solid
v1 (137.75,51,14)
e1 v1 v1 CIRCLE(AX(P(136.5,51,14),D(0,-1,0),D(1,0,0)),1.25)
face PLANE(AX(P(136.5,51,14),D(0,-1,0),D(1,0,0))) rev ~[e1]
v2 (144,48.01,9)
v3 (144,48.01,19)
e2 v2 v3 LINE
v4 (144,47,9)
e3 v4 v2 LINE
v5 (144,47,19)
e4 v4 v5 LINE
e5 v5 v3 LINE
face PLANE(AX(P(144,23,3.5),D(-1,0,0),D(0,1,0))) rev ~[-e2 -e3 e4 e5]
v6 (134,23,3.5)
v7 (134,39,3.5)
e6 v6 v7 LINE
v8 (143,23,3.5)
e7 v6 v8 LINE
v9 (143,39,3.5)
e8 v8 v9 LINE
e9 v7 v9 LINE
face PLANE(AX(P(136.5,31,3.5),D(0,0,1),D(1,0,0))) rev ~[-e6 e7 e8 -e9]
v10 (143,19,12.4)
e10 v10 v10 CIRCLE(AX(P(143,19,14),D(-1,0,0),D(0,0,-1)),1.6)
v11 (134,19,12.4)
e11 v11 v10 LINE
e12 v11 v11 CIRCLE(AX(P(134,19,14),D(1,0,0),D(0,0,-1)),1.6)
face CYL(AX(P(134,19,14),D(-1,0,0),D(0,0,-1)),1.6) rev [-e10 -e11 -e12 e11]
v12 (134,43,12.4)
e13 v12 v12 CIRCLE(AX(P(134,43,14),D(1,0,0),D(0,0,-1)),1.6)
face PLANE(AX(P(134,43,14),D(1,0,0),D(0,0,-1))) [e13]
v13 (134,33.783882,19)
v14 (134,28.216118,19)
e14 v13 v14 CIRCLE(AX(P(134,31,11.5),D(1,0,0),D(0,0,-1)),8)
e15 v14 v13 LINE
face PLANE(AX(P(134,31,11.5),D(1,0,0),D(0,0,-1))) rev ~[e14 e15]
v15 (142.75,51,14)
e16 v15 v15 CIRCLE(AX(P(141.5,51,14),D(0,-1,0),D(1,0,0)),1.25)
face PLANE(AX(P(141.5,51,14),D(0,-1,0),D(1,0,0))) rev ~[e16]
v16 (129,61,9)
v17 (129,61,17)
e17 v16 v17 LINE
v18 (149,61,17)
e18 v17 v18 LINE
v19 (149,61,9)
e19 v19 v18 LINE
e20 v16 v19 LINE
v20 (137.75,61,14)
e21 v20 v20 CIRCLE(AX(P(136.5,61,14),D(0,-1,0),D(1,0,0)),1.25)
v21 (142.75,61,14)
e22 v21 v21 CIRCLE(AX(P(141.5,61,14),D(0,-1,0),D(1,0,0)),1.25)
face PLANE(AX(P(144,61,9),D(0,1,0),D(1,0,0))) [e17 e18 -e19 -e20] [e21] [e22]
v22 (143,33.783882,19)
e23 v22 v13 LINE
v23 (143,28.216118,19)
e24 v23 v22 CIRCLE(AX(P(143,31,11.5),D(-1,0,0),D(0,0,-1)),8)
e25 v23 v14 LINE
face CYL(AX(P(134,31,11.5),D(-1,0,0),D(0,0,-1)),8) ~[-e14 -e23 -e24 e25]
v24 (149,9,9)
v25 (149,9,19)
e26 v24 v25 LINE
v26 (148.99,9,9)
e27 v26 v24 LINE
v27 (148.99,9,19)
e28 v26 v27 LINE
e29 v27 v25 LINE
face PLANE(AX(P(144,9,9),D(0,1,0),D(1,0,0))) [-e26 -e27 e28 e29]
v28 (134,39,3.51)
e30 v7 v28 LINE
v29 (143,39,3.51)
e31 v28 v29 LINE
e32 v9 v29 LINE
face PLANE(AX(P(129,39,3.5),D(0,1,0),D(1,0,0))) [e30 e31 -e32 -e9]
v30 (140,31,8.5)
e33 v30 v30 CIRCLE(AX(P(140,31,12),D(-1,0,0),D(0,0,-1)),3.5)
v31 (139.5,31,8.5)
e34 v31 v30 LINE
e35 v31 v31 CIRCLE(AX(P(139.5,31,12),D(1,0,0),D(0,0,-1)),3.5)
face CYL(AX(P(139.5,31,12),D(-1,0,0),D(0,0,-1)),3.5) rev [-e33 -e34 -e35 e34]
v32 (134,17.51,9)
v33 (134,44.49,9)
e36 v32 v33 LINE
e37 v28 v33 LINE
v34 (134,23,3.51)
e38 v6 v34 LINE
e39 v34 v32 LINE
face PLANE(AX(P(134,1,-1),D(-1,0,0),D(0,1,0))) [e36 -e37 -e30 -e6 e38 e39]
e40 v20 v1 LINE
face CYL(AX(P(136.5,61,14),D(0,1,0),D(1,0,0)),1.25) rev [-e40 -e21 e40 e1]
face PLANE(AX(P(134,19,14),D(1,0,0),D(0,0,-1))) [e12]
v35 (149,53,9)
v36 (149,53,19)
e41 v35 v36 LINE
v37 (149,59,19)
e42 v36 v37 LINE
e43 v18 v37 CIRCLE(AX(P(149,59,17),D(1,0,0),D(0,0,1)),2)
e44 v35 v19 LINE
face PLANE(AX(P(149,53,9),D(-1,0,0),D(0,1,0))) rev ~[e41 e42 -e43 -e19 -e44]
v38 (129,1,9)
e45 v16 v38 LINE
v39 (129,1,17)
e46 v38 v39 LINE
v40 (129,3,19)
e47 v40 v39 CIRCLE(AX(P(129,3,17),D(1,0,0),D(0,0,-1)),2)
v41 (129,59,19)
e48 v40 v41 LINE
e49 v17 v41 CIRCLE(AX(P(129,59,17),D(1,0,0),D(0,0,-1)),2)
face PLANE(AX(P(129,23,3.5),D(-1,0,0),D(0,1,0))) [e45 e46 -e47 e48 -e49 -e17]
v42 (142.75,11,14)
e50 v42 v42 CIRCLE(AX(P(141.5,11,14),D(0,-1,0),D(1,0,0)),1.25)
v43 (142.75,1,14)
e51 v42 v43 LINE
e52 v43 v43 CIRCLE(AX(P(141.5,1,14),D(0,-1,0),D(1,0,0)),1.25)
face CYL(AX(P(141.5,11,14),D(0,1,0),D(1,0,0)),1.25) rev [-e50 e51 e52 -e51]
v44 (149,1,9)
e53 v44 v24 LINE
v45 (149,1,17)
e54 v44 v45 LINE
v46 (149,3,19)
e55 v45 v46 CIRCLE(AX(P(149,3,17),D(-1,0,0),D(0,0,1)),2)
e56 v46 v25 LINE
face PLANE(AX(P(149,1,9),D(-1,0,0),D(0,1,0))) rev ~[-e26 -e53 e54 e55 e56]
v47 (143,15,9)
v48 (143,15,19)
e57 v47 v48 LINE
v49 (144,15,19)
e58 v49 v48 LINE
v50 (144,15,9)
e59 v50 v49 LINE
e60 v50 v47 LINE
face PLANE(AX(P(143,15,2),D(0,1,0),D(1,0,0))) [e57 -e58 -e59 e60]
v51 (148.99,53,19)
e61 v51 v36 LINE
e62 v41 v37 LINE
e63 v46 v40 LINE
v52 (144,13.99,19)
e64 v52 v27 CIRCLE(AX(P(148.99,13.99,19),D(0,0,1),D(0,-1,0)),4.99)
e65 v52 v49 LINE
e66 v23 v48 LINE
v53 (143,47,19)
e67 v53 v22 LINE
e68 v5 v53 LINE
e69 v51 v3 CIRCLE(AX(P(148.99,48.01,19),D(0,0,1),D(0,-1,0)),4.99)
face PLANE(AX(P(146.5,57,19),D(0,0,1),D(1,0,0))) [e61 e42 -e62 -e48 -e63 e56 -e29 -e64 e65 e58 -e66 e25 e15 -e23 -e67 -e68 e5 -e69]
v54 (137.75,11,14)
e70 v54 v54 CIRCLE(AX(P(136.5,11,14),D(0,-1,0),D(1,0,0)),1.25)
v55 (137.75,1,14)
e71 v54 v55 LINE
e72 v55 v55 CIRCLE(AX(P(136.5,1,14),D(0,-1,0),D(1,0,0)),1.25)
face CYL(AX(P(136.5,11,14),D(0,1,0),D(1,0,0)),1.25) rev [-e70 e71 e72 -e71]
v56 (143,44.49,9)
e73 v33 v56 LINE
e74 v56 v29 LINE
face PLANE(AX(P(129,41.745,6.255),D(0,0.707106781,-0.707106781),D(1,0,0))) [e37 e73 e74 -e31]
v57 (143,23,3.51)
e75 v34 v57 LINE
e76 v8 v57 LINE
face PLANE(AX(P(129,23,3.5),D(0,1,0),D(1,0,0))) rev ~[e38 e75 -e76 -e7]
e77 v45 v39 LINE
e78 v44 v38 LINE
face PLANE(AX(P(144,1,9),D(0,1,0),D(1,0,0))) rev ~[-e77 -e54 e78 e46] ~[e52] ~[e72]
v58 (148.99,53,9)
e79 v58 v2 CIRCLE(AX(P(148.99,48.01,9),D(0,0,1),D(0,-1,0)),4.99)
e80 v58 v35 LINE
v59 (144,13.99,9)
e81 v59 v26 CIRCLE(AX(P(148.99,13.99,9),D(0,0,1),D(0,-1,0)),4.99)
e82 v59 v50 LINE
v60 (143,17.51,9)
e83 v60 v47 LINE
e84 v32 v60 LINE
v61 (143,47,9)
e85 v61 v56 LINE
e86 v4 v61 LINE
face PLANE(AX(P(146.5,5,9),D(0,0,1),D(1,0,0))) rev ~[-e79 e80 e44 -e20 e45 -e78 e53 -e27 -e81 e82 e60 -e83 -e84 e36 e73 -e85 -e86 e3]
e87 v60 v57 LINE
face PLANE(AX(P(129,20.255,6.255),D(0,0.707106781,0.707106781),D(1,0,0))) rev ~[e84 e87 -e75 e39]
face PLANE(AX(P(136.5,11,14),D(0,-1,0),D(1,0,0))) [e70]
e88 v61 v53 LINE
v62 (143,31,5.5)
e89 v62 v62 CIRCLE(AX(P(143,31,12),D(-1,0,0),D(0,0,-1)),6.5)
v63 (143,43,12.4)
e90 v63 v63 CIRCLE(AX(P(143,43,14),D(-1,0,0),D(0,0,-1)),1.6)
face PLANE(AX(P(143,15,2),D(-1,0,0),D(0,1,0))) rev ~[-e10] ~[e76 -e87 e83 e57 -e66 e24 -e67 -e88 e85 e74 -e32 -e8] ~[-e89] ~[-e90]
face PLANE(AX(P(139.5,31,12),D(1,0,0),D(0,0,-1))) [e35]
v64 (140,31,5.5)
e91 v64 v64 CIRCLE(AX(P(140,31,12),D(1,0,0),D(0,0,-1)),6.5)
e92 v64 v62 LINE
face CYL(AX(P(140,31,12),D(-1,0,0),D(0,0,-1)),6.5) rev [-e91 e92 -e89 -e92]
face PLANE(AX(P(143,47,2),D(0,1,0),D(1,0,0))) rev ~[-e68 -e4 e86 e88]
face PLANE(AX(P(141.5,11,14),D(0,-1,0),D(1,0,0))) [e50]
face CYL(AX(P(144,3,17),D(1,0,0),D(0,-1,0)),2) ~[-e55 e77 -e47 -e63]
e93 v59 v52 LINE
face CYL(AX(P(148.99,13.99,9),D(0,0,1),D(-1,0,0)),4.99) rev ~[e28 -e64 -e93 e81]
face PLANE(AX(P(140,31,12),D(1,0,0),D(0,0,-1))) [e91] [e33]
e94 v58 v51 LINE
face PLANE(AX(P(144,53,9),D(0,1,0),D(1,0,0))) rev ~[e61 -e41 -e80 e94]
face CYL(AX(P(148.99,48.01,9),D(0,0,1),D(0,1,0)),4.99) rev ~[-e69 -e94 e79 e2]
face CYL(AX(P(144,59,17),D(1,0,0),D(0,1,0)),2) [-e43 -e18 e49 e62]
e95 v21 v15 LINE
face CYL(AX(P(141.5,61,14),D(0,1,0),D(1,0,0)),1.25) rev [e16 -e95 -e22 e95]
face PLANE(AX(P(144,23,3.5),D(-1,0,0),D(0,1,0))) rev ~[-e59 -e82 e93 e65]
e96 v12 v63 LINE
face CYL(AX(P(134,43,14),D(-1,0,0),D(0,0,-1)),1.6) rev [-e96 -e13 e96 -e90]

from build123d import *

# Parameters (mm, degrees)
BOX035_W          = 5
BOX035_H          = 60
BOX035_DEPTH      = 10
BOX033_W          = 5
BOX033_H          = 8
BOX033_DEPTH      = 10
FILLET011_R       = 2
BOX034_W          = 5
BOX034_H          = 8
BOX034_DEPTH      = 10
FILLET012_R       = 2
BOX030_W          = 1
BOX030_H          = 32
BOX030_DEPTH      = 22
CYLINDER072_R     = 1.6
CYLINDER072_DEPTH = 10
CYLINDER071_R     = 1.6
CYLINDER071_DEPTH = 10
CYLINDER062_R     = 1.25
CYLINDER062_DEPTH = 10
CYLINDER060_R     = 1.25
CYLINDER060_DEPTH = 10
CYLINDER061_R     = 1.25
CYLINDER061_DEPTH = 10
CYLINDER059_R     = 1.25
CYLINDER059_DEPTH = 10
CYLINDER047_R     = 3.5
CYLINDER047_DEPTH = 4
CYLINDER045_R     = 6.5
CYLINDER045_DEPTH = 4
BOX031_W          = 15
BOX031_H          = 16
BOX031_DEPTH      = 5.5
CYLINDER046_R     = 8
CYLINDER046_DEPTH = 10
BOX021_W          = 10
BOX021_H          = 60
BOX021_DEPTH      = 10
BOX032_W          = 5
BOX032_H          = 60
BOX032_DEPTH      = 10
FILLET010_R       = 2
CHAMFER002_SIZE   = 5.49
FILLET013_R       = 4.99


with BuildPart() as cube014:
    # Box035 → Box035 (new body)
    with BuildSketch(Plane(origin=(75, 1, -1), x_dir=(1, 0, 0), z_dir=(0, 0, 1))):
        with Locations((2.5, 30)):
            Rectangle(BOX035_W, BOX035_H)
    extrude(amount=BOX035_DEPTH)


with BuildPart() as fillet011:
    # Box033 → Box033 (new body)
    with BuildSketch(Plane(origin=(90, 1, 9), x_dir=(1, 0, 0), z_dir=(0, 0, 1))):
        with Locations((2.5, 4)):
            Rectangle(BOX033_W, BOX033_H)
    extrude(amount=BOX033_DEPTH)

    # Fillet011
    fillet011_edges = [fillet011.edges().sort_by_distance(p)[0] for p in [
        (92.5, 1, 19),
    ]]
    fillet(fillet011_edges, radius=FILLET011_R)


with BuildPart() as fillet012:
    # Box034 → Box034 (new body)
    with BuildSketch(Plane(origin=(90, 53, 9), x_dir=(1, 0, 0), z_dir=(0, 0, 1))):
        with Locations((2.5, 4)):
            Rectangle(BOX034_W, BOX034_H)
    extrude(amount=BOX034_DEPTH)

    # Fillet012
    fillet012_edges = [fillet012.edges().sort_by_distance(p)[0] for p in [
        (92.5, 61, 19),
    ]]
    fillet(fillet012_edges, radius=FILLET012_R)


with BuildPart() as cube009:
    # Box030 → Box030 (new body)
    with BuildSketch(Plane(origin=(89, 15, 2), x_dir=(1, 0, 0), z_dir=(0, 0, 1))):
        with Locations((0.5, 16)):
            Rectangle(BOX030_W, BOX030_H)
    extrude(amount=BOX030_DEPTH)


with BuildPart() as cylinder072:
    # Cylinder072 → Cylinder072 (new body)
    with BuildSketch(Plane(origin=(80, 43, 14), x_dir=(0, 0, -1), z_dir=(1, 0, 0))):
        Circle(CYLINDER072_R)
    extrude(amount=CYLINDER072_DEPTH)


with BuildPart() as fusion068:
    # Cylinder071 → Cylinder071 (new body)
    with BuildSketch(Plane(origin=(80, 19, 14), x_dir=(0, 0, -1), z_dir=(1, 0, 0))):
        Circle(CYLINDER071_R)
    extrude(amount=CYLINDER071_DEPTH)

    # Fusion068: union Cylinder072
    add(cylinder072.part)


with BuildPart() as cylinder062:
    # Cylinder062 → Cylinder062 (new body)
    with BuildSketch(Plane(origin=(87.5, 61, 14), x_dir=(1, 0, 0), z_dir=(0, -1, 0))):
        Circle(CYLINDER062_R)
    extrude(amount=CYLINDER062_DEPTH)


with BuildPart() as fusion046:
    # Cylinder060 → Cylinder060 (new body)
    with BuildSketch(Plane(origin=(87.5, 11, 14), x_dir=(1, 0, 0), z_dir=(0, -1, 0))):
        Circle(CYLINDER060_R)
    extrude(amount=CYLINDER060_DEPTH)

    # Fusion046: union Cylinder062
    add(cylinder062.part)


with BuildPart() as cylinder061:
    # Cylinder061 → Cylinder061 (new body)
    with BuildSketch(Plane(origin=(82.5, 61, 14), x_dir=(1, 0, 0), z_dir=(0, -1, 0))):
        Circle(CYLINDER061_R)
    extrude(amount=CYLINDER061_DEPTH)


with BuildPart() as fusion048:
    # Cylinder059 → Cylinder059 (new body)
    with BuildSketch(Plane(origin=(82.5, 11, 14), x_dir=(1, 0, 0), z_dir=(0, -1, 0))):
        Circle(CYLINDER059_R)
    extrude(amount=CYLINDER059_DEPTH)

    # Fusion045: union Cylinder061
    add(cylinder061.part)

    # Fusion048: union Fusion046
    add(fusion046.part)


with BuildPart() as cylinder047:
    # Cylinder047 → Cylinder047 (new body)
    with BuildSketch(Plane(origin=(89.5, 31, 10), x_dir=(0, 0, -1), z_dir=(1, 0, 0))):
        Circle(CYLINDER047_R)
    extrude(amount=CYLINDER047_DEPTH)


with BuildPart() as fusion037:
    # Cylinder045 → Cylinder045 (new body)
    with BuildSketch(Plane(origin=(90, 31, 10), x_dir=(0, 0, -1), z_dir=(1, 0, 0))):
        Circle(CYLINDER045_R)
    extrude(amount=CYLINDER045_DEPTH)

    # Fusion037: union Cylinder047
    add(cylinder047.part)


with BuildPart() as fusion037_1:
    # Fusion037 placement: moved
    add(fusion037.part.moved(Location((-4, 0, 2))))


with BuildPart() as cube010:
    # Box031 → Box031 (new body)
    with BuildSketch(Plane(origin=(75, 23, 3.5), x_dir=(1, 0, 0), z_dir=(0, 0, 1))):
        with Locations((7.5, 8)):
            Rectangle(BOX031_W, BOX031_H)
    extrude(amount=BOX031_DEPTH)


with BuildPart() as cylinder046:
    # Cylinder046 → Cylinder046 (new body)
    with BuildSketch(Plane(origin=(80, 31, 11.5), x_dir=(0, 0, -1), z_dir=(1, 0, 0))):
        Circle(CYLINDER046_R)
    extrude(amount=CYLINDER046_DEPTH)


with BuildPart() as fusion038:
    # Box021 → Box021 (new body)
    with BuildSketch(Plane(origin=(80, 1, 9), x_dir=(1, 0, 0), z_dir=(0, 0, 1))):
        with Locations((5, 30)):
            Rectangle(BOX021_W, BOX021_H)
    extrude(amount=BOX021_DEPTH)

    # Fusion038: union Cylinder046
    add(cylinder046.part)


with BuildPart() as front_threaded_bar_support:
    # Box032 → Box032 (new body)
    with BuildSketch(Plane(origin=(75, 1, 9), x_dir=(1, 0, 0), z_dir=(0, 0, 1))):
        with Locations((2.5, 30)):
            Rectangle(BOX032_W, BOX032_H)
    extrude(amount=BOX032_DEPTH)

    # Fusion069: union Cube010, Fusion038
    add(cube010.part)
    add(fusion038.part)

    # Cut037: cut Fusion037
    add(fusion037_1.part, mode=Mode.SUBTRACT)

    # Cut038: cut Fusion048
    add(fusion048.part, mode=Mode.SUBTRACT)

    # Cut039: cut Fusion068
    add(fusion068.part, mode=Mode.SUBTRACT)

    # Cut040: cut Cube009
    add(cube009.part, mode=Mode.SUBTRACT)

    # Fillet010
    fillet010_edges = [front_threaded_bar_support.edges().sort_by_distance(p)[0] for p in [
        (82.5, 1, 19),
        (82.5, 61, 19),
    ]]
    fillet(fillet010_edges, radius=FILLET010_R)

    # Chamfer002
    chamfer002_edges = [front_threaded_bar_support.edges().sort_by_distance(p)[0] for p in [
        (82, 23, 9),
        (82, 39, 9),
    ]]
    chamfer(chamfer002_edges, length=CHAMFER002_SIZE)

    # Fusion070: union Fillet011, Fillet012
    add(fillet011.part)
    add(fillet012.part)

    # Fillet013
    fillet013_edges = [front_threaded_bar_support.edges().sort_by_distance(p)[0] for p in [
        (90, 53, 14),
        (90, 9, 14),
    ]]
    fillet(fillet013_edges, radius=FILLET013_R)

    # Cut041: cut Cube014
    add(cube014.part, mode=Mode.SUBTRACT)


with BuildPart() as front_threaded_bar_support_1:
    # Cut041 placement: moved
    add(front_threaded_bar_support.part.moved(Location((54, 0, 0))))


solid = front_threaded_bar_support_1.part
